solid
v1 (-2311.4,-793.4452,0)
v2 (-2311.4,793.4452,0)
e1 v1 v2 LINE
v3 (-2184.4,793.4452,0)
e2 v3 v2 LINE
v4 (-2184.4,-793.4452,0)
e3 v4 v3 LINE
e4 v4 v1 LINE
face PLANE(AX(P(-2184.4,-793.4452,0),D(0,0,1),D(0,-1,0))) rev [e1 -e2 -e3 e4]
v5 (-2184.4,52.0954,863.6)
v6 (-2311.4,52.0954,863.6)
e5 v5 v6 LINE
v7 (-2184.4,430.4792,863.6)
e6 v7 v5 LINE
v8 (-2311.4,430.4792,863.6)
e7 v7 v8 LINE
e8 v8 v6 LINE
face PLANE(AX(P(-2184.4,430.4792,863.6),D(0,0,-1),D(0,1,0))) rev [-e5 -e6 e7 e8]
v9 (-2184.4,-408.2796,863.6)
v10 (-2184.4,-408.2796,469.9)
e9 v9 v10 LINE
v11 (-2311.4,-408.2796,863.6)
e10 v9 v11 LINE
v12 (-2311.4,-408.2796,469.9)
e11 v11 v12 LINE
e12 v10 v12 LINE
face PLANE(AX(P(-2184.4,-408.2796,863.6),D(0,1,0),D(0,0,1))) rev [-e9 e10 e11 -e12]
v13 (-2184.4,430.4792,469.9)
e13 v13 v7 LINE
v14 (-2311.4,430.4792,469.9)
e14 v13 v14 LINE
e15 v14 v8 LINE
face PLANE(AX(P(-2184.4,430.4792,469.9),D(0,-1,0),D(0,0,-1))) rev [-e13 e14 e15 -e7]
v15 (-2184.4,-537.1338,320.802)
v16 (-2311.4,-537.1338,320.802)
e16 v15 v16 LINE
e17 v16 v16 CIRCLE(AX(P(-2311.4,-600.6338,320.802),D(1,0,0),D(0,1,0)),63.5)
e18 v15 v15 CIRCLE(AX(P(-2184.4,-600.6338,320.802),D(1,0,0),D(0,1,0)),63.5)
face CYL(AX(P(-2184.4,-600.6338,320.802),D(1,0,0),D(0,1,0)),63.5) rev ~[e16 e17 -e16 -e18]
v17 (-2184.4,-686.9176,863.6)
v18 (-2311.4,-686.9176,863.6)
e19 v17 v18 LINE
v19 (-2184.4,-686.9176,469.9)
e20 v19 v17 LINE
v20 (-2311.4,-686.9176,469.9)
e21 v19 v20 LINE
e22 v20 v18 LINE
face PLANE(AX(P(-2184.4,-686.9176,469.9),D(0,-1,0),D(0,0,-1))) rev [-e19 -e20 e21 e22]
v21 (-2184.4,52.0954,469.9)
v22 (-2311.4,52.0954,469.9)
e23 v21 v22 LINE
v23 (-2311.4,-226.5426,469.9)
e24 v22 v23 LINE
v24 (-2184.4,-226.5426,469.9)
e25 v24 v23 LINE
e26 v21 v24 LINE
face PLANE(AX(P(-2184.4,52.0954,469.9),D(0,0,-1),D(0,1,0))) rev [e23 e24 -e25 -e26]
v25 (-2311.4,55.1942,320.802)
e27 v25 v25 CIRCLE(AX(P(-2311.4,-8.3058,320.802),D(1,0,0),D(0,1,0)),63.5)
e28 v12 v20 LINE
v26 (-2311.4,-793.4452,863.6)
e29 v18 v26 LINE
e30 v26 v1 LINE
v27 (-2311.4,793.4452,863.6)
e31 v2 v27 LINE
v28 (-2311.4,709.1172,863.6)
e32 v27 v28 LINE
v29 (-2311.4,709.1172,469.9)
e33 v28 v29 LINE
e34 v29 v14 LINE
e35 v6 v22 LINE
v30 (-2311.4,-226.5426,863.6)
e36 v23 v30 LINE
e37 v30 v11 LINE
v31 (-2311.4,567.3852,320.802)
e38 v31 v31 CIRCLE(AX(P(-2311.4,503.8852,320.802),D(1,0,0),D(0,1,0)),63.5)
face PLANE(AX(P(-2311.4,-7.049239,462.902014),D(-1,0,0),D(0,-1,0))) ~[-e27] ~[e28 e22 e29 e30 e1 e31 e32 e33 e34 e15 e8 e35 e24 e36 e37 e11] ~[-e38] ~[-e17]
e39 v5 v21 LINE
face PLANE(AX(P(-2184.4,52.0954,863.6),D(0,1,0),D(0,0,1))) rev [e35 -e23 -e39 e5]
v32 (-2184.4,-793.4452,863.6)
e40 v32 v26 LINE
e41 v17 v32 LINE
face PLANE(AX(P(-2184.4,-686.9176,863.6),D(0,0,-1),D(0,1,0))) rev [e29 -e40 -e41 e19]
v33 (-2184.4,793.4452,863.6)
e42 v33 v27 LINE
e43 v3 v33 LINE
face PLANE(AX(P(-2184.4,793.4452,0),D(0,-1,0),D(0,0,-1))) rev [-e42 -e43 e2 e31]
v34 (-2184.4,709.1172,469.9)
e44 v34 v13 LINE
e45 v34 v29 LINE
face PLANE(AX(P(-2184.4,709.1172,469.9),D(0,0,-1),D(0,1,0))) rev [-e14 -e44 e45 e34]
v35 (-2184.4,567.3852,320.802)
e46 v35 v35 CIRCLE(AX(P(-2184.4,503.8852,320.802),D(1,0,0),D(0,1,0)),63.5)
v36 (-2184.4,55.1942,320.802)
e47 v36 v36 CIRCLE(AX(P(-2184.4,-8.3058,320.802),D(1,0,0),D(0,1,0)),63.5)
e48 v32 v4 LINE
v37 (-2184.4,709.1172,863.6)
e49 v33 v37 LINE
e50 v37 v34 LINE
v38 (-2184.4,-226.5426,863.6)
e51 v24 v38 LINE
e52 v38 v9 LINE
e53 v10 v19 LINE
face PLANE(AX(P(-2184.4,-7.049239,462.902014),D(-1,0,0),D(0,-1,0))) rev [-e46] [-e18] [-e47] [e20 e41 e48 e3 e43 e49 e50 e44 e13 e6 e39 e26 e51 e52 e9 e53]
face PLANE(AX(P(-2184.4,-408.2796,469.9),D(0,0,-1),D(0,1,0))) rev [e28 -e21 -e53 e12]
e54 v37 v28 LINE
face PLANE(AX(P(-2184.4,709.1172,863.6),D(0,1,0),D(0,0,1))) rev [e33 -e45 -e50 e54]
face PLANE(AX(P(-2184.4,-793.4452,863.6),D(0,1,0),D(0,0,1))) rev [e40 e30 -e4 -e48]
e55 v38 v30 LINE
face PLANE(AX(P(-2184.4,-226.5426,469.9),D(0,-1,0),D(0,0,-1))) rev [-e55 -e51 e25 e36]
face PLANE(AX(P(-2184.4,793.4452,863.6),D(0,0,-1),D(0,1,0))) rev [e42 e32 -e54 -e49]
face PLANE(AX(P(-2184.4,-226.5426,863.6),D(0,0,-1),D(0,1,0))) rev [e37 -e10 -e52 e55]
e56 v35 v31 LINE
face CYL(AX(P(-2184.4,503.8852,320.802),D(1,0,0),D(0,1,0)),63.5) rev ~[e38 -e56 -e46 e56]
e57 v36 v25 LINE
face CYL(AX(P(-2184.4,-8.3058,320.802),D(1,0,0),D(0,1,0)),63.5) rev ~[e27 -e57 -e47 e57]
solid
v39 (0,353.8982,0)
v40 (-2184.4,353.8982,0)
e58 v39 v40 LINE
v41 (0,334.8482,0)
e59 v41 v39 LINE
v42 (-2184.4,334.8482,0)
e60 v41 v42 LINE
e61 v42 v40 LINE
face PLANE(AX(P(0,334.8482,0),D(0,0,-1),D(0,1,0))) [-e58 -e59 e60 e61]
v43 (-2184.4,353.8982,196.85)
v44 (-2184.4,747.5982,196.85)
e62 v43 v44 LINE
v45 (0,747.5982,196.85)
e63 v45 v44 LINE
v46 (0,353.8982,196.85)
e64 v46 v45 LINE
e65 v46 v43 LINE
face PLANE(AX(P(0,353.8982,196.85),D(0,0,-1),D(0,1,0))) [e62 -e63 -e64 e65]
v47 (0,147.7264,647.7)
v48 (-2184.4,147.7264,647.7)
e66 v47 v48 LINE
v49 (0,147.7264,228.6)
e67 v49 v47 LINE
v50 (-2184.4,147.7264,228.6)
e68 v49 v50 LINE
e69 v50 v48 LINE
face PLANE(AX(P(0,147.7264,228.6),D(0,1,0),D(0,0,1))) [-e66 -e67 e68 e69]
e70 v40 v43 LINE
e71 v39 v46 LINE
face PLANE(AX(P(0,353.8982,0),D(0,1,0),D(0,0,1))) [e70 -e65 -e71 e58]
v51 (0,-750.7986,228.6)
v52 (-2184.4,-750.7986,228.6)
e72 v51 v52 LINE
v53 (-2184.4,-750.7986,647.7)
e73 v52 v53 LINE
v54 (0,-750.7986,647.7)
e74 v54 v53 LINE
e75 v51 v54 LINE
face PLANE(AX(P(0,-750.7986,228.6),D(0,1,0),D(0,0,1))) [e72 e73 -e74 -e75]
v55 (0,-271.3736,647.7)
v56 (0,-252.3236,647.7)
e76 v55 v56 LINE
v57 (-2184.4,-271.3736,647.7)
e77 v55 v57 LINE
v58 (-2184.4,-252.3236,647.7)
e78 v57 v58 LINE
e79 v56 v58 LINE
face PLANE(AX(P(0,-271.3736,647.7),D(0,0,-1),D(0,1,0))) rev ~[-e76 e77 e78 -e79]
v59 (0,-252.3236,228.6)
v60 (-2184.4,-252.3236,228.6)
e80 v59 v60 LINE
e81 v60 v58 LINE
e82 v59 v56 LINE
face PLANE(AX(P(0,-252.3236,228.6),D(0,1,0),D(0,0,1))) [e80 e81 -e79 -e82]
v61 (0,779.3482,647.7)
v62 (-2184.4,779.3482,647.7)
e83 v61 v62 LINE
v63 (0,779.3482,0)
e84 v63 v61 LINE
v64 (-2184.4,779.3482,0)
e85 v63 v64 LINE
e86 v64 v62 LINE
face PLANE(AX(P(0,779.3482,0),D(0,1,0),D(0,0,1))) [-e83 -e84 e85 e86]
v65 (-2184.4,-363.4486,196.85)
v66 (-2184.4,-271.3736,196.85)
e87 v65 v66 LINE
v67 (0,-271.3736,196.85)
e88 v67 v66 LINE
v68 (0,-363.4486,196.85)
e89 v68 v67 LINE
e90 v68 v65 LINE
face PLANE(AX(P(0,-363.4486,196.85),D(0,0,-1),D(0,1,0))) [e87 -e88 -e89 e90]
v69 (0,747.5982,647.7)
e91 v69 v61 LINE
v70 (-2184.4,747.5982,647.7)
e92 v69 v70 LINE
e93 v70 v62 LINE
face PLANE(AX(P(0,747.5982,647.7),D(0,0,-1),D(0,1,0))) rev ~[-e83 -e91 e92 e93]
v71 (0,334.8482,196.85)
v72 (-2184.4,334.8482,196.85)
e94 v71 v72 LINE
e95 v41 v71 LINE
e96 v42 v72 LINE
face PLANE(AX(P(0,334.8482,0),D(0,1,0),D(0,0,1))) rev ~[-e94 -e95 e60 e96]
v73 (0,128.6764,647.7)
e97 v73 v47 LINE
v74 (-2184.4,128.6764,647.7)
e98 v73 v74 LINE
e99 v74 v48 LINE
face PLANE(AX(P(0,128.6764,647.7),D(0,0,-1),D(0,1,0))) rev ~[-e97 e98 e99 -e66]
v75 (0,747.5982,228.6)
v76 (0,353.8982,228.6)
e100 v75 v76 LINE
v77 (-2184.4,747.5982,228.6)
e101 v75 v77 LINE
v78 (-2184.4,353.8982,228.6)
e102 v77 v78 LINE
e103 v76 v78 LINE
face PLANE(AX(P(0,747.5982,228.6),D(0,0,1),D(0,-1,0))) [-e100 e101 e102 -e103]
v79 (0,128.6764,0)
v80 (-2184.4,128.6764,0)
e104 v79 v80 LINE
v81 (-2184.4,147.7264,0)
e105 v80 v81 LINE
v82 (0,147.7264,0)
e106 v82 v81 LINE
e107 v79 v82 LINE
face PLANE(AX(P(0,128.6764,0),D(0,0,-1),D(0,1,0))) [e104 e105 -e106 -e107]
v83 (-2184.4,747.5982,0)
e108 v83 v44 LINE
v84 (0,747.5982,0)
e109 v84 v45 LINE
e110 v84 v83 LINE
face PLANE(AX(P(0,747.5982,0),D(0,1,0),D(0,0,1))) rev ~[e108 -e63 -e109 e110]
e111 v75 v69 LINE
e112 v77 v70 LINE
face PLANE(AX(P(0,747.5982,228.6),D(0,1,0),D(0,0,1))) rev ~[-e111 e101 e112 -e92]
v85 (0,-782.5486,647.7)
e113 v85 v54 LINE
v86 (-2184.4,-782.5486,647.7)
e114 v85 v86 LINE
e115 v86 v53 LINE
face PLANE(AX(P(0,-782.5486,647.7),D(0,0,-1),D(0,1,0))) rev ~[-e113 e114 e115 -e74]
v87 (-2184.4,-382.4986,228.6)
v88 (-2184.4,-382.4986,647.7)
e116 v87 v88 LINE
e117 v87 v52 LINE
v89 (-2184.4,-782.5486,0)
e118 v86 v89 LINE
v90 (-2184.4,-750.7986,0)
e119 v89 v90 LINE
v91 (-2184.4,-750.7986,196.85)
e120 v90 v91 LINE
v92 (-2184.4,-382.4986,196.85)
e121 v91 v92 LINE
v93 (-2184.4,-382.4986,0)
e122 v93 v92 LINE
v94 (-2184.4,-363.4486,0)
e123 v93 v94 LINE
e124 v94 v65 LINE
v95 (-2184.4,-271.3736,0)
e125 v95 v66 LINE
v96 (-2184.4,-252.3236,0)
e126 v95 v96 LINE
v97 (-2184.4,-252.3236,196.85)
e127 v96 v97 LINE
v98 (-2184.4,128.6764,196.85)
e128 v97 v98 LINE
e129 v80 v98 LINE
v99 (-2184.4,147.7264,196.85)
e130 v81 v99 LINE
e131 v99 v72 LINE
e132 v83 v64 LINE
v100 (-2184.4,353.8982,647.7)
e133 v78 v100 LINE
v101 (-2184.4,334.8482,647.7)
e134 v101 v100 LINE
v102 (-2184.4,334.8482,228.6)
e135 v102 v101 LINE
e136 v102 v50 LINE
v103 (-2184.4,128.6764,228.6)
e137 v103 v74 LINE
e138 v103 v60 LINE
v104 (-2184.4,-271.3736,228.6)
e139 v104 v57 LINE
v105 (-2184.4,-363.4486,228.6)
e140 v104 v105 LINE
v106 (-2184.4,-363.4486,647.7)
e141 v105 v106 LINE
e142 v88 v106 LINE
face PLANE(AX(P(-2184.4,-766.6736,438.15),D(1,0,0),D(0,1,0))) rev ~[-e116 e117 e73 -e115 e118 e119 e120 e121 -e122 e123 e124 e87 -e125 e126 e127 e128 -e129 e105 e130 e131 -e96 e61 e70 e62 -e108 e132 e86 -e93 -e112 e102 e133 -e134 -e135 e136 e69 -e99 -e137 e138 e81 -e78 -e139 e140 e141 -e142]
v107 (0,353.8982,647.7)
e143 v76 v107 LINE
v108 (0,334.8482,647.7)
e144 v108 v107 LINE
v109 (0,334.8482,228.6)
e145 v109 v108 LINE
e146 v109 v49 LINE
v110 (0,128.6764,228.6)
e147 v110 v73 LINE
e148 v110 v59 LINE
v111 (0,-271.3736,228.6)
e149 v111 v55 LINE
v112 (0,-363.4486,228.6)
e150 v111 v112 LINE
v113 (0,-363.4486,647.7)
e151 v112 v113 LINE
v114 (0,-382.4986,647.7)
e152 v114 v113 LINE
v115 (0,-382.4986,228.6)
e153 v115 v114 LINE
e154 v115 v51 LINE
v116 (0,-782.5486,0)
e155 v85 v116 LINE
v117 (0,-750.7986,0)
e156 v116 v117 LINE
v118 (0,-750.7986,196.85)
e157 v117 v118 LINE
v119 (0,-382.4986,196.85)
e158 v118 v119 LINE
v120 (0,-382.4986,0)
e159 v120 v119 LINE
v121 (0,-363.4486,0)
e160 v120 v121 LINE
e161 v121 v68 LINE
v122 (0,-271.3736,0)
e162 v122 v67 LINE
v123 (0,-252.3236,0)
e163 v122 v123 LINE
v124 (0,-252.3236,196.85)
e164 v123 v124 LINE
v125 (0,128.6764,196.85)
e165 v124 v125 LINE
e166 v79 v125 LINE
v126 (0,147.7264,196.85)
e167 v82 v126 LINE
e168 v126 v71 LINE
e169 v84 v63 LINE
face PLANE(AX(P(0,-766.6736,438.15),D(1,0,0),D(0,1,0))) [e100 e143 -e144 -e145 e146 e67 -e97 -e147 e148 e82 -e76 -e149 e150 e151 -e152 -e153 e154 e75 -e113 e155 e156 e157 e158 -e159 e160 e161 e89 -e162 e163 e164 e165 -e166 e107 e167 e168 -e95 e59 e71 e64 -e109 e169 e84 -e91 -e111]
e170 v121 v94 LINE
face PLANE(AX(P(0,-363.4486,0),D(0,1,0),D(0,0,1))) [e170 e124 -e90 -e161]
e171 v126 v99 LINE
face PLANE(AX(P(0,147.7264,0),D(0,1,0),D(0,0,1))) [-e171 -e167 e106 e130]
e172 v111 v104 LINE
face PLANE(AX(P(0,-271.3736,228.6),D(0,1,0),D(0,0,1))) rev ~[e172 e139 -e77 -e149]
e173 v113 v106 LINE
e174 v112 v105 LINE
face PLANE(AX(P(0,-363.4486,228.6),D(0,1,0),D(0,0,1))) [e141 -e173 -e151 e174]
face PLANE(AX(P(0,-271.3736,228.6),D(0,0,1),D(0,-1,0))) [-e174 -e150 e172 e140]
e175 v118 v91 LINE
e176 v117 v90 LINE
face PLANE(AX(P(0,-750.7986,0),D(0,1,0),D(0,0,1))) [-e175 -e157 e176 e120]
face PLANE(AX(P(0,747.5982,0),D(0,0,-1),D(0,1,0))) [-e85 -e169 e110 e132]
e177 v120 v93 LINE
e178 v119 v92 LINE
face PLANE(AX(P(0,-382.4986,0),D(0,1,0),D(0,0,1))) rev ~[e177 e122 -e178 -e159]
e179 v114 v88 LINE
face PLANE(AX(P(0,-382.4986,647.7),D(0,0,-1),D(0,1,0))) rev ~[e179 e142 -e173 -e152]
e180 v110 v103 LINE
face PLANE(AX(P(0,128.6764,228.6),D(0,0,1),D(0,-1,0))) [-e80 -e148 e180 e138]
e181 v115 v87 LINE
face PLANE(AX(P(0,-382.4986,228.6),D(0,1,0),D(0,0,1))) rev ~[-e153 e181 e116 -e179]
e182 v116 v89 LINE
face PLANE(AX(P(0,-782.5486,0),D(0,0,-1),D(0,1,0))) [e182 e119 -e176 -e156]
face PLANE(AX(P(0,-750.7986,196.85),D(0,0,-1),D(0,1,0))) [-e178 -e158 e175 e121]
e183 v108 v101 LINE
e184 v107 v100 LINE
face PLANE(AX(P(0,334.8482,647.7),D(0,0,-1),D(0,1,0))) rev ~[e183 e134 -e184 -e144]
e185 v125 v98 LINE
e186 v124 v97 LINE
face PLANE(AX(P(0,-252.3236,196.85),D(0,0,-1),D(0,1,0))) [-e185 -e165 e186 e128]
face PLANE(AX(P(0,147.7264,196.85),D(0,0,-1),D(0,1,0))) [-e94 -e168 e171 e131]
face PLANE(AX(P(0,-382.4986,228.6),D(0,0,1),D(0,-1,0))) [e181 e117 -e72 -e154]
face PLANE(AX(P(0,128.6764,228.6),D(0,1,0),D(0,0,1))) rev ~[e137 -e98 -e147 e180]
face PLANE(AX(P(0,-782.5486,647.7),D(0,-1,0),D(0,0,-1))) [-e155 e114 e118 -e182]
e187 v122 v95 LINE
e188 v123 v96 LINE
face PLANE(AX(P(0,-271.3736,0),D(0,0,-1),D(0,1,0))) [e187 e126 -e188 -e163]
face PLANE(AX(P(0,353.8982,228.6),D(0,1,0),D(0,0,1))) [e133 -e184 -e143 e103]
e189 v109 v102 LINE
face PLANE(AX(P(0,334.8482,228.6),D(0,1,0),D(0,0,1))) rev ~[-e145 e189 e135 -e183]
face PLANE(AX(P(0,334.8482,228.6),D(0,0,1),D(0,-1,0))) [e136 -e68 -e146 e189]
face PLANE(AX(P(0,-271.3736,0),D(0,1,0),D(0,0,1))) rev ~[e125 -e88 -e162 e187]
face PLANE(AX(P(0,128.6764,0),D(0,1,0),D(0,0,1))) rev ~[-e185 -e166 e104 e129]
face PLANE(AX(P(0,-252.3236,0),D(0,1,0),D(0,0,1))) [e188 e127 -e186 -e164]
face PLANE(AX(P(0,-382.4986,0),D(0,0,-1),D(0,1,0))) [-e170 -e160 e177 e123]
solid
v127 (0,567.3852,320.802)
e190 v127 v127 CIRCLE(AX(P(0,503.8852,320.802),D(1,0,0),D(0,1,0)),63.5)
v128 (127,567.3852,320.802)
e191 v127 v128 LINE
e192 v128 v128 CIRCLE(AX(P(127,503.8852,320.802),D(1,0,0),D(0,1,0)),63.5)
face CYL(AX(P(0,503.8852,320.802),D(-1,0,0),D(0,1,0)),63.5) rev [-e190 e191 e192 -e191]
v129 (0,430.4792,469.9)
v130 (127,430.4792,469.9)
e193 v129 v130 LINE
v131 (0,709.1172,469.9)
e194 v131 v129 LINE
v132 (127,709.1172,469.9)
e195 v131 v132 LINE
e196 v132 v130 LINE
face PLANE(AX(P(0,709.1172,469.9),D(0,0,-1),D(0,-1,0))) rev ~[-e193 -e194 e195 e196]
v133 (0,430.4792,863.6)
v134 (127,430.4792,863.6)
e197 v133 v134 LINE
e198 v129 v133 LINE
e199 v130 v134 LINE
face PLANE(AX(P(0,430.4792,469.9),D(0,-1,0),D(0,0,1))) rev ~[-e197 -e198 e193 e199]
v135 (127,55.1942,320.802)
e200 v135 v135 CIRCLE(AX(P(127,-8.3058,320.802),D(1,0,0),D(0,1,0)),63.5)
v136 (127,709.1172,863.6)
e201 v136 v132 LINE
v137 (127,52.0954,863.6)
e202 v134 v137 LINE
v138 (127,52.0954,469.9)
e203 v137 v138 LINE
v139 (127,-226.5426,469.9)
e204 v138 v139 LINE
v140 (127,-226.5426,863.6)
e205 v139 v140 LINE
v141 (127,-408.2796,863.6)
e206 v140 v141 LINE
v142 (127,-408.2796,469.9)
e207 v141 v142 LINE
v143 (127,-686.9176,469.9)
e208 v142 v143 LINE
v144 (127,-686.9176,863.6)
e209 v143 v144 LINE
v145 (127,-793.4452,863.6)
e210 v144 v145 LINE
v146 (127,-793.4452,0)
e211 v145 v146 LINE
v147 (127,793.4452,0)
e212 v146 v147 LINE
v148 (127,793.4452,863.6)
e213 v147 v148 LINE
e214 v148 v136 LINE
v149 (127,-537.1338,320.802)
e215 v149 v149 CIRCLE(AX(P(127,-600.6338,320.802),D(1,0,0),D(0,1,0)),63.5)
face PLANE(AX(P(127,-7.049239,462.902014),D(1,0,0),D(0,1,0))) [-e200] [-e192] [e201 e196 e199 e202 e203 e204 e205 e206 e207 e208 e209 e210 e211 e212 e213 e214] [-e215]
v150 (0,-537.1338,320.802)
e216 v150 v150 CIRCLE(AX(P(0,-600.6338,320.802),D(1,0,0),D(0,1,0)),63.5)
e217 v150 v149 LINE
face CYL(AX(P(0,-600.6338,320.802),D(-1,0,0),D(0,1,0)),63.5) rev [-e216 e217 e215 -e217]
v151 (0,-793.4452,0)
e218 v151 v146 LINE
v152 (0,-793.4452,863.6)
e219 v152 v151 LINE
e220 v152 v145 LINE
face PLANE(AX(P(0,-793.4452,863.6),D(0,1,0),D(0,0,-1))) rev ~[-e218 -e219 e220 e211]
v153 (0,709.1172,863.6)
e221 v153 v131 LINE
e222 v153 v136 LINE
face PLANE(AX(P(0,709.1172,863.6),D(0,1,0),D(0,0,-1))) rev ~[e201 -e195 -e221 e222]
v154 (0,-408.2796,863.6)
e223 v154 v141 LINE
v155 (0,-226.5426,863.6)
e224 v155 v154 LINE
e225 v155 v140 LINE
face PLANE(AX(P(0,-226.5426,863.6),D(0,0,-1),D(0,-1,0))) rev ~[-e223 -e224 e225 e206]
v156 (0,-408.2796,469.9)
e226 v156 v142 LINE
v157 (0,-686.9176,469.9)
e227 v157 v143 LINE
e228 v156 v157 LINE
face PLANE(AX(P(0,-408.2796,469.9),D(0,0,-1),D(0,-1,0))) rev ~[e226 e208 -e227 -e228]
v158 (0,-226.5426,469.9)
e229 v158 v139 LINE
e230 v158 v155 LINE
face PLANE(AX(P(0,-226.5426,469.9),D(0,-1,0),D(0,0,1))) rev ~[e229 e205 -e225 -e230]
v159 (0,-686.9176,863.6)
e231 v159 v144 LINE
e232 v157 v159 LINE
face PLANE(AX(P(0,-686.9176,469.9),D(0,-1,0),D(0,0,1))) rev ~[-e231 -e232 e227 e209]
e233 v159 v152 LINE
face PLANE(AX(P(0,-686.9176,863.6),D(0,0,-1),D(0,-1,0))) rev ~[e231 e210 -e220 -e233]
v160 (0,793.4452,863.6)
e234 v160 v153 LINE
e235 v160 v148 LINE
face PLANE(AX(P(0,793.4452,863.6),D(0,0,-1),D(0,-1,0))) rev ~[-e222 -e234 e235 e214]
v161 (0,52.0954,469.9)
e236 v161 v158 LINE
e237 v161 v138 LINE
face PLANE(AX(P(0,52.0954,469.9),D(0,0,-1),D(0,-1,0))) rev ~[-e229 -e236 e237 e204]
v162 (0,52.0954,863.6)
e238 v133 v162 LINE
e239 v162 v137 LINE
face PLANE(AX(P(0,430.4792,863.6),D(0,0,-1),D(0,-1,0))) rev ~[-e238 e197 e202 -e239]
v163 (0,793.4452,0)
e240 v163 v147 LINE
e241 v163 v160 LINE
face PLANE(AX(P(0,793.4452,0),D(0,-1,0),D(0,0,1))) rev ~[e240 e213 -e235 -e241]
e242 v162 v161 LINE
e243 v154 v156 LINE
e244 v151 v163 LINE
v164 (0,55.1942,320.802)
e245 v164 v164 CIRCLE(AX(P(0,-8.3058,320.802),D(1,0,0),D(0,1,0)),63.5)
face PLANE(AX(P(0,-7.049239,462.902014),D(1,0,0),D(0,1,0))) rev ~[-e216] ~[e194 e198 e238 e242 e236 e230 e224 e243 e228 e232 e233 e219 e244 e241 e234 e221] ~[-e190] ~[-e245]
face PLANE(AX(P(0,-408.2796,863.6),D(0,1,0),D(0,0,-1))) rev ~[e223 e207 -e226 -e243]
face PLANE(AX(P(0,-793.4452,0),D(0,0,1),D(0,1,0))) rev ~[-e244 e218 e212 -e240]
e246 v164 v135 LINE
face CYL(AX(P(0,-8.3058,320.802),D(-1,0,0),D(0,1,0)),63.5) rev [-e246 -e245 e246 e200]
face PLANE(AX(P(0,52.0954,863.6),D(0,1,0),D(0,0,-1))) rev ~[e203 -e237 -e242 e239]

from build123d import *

# Parameters (mm, degrees)
F0_R     = 63.5
F1_DEPTH = 127
F2_W     = 31.75
F2_H     = 419.1
F2_H_2   = 31.75
F2_W_2   = 368.3
F2_H_3   = 196.85
F2_W_3   = 19.05
F2_W_4   = 92.075
F2_W_5   = 381
F2_W_6   = 187.1218
F2_W_7   = 393.7
F3_DEPTH = 2184.4


with BuildPart() as f1:
    # F0 (on Right) → F1 (new body)
    with BuildSketch(Plane.YZ):
        Polygon((-793.4452, 863.6), (-793.4452, 0), (793.4452, 0), (793.4452, 863.6), (709.1172, 863.6), (709.1172, 469.9), (430.4792, 469.9), (430.4792, 863.6), (52.0954, 863.6), (52.0954, 469.9), (-226.5426, 469.9), (-226.5426, 863.6), (-408.2796, 863.6), (-408.2796, 469.9), (-686.9176, 469.9), (-686.9176, 863.6), align=None)
        with Locations((-600.6338, 320.802)):
            Circle(F0_R, mode=Mode.SUBTRACT)
        with Locations((-8.3058, 320.802)):
            Circle(F0_R, mode=Mode.SUBTRACT)
        with Locations((503.8852, 320.802)):
            Circle(F0_R, mode=Mode.SUBTRACT)
    extrude(amount=F1_DEPTH)


with BuildPart() as f3:
    # F2 (on face) → F3 (new body)
    with BuildSketch(Plane.YZ):
        with Locations((-766.6736, 438.15)):
            Rectangle(F2_W, F2_H)
        with Locations((-766.6736, 212.725)):
            Rectangle(F2_W, F2_H_2)
        with Locations((-566.6486, 212.725)):
            Rectangle(F2_W_2, F2_H_2)
        with Locations((-766.6736, 98.425)):
            Rectangle(F2_W, F2_H_3)
        with Locations((-372.9736, 212.725)):
            Rectangle(F2_W_3, F2_H_2)
        with Locations((-372.9736, 438.15)):
            Rectangle(F2_W_3, F2_H)
        with Locations((-372.9736, 98.425)):
            Rectangle(F2_W_3, F2_H_3)
        with Locations((-317.4111, 212.725)):
            Rectangle(F2_W_4, F2_H_2)
        with Locations((-261.8486, 212.725)):
            Rectangle(F2_W_3, F2_H_2)
        with Locations((-261.8486, 438.15)):
            Rectangle(F2_W_3, F2_H)
        with Locations((-261.8486, 98.425)):
            Rectangle(F2_W_3, F2_H_3)
        with Locations((-61.8236, 212.725)):
            Rectangle(F2_W_5, F2_H_2)
        with Locations((138.2014, 212.725)):
            Rectangle(F2_W_3, F2_H_2)
        with Locations((138.2014, 438.15)):
            Rectangle(F2_W_3, F2_H)
        with Locations((138.2014, 98.425)):
            Rectangle(F2_W_3, F2_H_3)
        with Locations((241.2873, 212.725)):
            Rectangle(F2_W_6, F2_H_2)
        with Locations((344.3732, 212.725)):
            Rectangle(F2_W_3, F2_H_2)
        with Locations((344.3732, 438.15)):
            Rectangle(F2_W_3, F2_H)
        with Locations((344.3732, 98.425)):
            Rectangle(F2_W_3, F2_H_3)
        with Locations((550.7482, 212.725)):
            Rectangle(F2_W_7, F2_H_2)
        with Locations((763.4732, 212.725)):
            Rectangle(F2_W, F2_H_2)
        with Locations((763.4732, 438.15)):
            Rectangle(F2_W, F2_H)
        with Locations((763.4732, 98.425)):
            Rectangle(F2_W, F2_H_3)
    extrude(amount=-F3_DEPTH)


with BuildPart() as f5_1:
    # F5: instance of F1
    add(f1.part.mirror(Plane(origin=(-1092.2, -14.2171552654, 286.8559039669), x_dir=(0, 1, 0), z_dir=(1, 0, 0))))


solid = Compound([f1.part, f3.part, f5_1.part])
